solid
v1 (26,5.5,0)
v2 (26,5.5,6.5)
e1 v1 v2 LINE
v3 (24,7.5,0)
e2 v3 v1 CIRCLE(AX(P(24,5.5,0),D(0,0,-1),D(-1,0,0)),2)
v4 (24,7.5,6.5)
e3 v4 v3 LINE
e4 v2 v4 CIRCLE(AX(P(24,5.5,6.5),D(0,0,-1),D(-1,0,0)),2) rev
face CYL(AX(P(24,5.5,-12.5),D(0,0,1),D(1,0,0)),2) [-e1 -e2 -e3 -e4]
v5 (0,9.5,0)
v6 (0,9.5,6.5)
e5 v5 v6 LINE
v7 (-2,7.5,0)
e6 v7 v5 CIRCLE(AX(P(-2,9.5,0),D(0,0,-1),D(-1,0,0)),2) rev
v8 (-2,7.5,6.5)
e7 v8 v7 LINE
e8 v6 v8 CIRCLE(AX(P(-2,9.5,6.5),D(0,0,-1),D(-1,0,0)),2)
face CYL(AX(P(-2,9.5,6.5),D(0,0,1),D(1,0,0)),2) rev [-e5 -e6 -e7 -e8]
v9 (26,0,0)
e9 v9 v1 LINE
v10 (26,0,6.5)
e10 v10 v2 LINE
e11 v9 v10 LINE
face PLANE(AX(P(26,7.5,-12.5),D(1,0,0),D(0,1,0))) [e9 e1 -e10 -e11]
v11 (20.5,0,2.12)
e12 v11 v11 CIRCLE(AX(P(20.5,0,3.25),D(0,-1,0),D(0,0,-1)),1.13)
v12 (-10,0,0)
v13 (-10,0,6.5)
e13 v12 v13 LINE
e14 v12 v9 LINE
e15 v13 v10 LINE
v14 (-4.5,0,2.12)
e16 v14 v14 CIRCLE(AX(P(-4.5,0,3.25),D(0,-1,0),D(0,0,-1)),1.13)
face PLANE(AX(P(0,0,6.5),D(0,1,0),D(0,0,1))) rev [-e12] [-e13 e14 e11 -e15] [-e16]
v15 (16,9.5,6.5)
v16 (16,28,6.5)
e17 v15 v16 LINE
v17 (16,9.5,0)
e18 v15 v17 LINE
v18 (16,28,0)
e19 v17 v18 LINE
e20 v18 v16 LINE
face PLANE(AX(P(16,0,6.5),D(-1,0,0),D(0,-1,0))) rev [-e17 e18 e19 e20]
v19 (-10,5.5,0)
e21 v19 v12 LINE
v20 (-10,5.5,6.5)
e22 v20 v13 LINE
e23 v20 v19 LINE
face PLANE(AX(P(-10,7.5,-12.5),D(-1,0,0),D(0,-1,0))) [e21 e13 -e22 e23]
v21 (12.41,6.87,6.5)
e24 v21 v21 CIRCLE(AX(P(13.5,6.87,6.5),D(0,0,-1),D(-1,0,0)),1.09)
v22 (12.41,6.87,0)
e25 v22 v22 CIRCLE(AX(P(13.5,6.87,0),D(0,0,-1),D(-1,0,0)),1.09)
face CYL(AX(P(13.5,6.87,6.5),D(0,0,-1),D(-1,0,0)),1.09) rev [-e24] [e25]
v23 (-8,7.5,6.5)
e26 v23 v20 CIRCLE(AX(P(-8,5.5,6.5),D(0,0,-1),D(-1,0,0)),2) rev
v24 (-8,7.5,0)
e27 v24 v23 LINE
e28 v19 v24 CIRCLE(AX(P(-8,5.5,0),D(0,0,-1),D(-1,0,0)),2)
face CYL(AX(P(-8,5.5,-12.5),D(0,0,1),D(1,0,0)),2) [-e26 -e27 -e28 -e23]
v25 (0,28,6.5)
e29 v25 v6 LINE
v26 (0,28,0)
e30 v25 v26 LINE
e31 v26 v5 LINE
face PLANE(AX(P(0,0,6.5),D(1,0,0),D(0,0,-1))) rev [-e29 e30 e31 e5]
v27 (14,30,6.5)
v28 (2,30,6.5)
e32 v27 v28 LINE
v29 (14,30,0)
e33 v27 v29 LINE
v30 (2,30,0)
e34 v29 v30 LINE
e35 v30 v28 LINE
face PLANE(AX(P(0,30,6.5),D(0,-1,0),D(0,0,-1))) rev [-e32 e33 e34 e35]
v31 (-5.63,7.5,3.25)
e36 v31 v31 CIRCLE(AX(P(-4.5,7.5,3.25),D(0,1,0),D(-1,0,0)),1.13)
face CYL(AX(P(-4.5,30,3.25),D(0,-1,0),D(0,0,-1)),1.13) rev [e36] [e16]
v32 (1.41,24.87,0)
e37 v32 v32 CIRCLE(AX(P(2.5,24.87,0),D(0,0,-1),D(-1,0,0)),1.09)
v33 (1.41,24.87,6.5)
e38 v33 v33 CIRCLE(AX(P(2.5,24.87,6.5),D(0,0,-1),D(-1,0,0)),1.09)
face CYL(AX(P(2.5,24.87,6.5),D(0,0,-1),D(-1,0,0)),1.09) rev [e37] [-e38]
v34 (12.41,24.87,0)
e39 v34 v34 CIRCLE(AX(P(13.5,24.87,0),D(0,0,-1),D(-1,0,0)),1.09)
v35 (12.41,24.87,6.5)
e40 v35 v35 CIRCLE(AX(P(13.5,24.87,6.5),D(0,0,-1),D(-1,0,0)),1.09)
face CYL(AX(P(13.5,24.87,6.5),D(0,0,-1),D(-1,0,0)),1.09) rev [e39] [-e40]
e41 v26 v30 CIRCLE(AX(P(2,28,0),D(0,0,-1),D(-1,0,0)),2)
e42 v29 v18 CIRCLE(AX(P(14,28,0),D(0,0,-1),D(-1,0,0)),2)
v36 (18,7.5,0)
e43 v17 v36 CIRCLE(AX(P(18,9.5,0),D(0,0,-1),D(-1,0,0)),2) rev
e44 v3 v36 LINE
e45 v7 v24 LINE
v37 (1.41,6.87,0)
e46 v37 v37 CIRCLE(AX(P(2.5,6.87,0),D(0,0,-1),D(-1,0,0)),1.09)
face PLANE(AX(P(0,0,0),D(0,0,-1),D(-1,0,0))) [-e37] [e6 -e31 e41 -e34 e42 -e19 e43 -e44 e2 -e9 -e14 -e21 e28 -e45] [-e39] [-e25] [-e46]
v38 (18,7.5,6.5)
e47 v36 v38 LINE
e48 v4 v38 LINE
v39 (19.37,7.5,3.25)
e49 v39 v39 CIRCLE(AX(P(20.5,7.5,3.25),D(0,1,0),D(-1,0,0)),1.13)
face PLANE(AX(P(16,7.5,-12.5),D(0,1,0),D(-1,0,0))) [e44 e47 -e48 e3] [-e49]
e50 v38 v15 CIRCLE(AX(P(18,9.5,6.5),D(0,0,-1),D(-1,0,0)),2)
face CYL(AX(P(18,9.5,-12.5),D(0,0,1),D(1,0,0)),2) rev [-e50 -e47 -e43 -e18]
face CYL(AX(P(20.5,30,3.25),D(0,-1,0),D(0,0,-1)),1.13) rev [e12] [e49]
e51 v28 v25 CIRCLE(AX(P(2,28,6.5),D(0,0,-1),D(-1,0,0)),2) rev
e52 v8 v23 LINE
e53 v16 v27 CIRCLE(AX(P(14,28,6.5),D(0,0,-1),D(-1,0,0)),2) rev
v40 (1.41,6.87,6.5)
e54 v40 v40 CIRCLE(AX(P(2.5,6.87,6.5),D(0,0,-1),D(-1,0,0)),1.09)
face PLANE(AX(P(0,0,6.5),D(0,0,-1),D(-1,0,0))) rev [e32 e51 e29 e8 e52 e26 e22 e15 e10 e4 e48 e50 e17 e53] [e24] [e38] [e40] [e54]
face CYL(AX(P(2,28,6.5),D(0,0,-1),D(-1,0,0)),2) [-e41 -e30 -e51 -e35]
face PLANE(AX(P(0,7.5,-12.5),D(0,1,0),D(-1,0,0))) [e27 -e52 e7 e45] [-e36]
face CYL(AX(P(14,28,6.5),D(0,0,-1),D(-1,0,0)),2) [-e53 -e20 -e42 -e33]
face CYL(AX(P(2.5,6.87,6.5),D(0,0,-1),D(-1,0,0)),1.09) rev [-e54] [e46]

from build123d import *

# Parameters (mm, degrees)
SKETCH1_W           = 16
SKETCH1_H           = 30
BOSS_EXTRUDE1_DEPTH = 6.5
SKETCH3_R           = 1.09
CUT_EXTRUDE1_DEPTH  = 7.5
FILLET1_R           = 2
SKETCH5_W           = 10
SKETCH5_H           = 7.5
BOSS_EXTRUDE2_DEPTH = 6.5
FILLET2_R           = 2
FILLET3_R           = 2
FILLET4_R           = 2
SKETCH4_R           = 1.13
CUT_EXTRUDE2_DEPTH  = 31


with BuildPart() as part:
    # Sketch1 → Boss-Extrude1 (new body)
    with BuildSketch(Plane.XY):
        with Locations((8, 15)):
            Rectangle(SKETCH1_W, SKETCH1_H)
    extrude(amount=BOSS_EXTRUDE1_DEPTH)

    # Sketch3 → Cut-Extrude1 (cut, through all)
    with BuildSketch(Plane(origin=(0, 0, 0), x_dir=(-1, 0, 0), z_dir=(0, 0, -1))):
        with Locations((-13.5, 6.87)):
            Circle(SKETCH3_R)
        with Locations((-2.5, 6.87)):
            Circle(SKETCH3_R)
        with Locations((-2.5, 24.87)):
            Circle(SKETCH3_R)
        with Locations((-13.5, 24.87)):
            Circle(SKETCH3_R)
    extrude(amount=-CUT_EXTRUDE1_DEPTH, mode=Mode.SUBTRACT)

    # Fillet1
    fillet1_edges = [part.edges().sort_by_distance(p)[0] for p in [
        (0, 30, 3.25),
        (16, 30, 3.25),
    ]]
    fillet(fillet1_edges, radius=FILLET1_R)

    # Sketch5 → Boss-Extrude2 (add)
    with BuildSketch(Plane.XY.offset(6.5)):
        with Locations((-5, 3.75)):
            Rectangle(SKETCH5_W, SKETCH5_H)
        with Locations((21, 3.75)):
            Rectangle(SKETCH5_W, SKETCH5_H)
    extrude(amount=-BOSS_EXTRUDE2_DEPTH)

    # Fillet2
    fillet2_edges = [part.edges().sort_by_distance(p)[0] for p in [
        (0, 7.5, 3.25),
        (16, 7.5, 3.25),
    ]]
    fillet(fillet2_edges, radius=FILLET2_R)

    # Fillet3
    fillet3_edges = [part.edges().sort_by_distance(p)[0] for p in [
        (26, 7.5, 3.25),
    ]]
    fillet(fillet3_edges, radius=FILLET3_R)

    # Fillet4
    fillet4_edges = [part.edges().sort_by_distance(p)[0] for p in [
        (-10, 7.5, 3.25),
    ]]
    fillet(fillet4_edges, radius=FILLET4_R)

    # Sketch4 → Cut-Extrude2 (cut, through all)
    with BuildSketch(Plane.XZ):
        with Locations((20.5, 3.25)):
            Circle(SKETCH4_R)
        with Locations((-4.5, 3.25)):
            Circle(SKETCH4_R)
    extrude(amount=-CUT_EXTRUDE2_DEPTH, mode=Mode.SUBTRACT)


solid = part.part
